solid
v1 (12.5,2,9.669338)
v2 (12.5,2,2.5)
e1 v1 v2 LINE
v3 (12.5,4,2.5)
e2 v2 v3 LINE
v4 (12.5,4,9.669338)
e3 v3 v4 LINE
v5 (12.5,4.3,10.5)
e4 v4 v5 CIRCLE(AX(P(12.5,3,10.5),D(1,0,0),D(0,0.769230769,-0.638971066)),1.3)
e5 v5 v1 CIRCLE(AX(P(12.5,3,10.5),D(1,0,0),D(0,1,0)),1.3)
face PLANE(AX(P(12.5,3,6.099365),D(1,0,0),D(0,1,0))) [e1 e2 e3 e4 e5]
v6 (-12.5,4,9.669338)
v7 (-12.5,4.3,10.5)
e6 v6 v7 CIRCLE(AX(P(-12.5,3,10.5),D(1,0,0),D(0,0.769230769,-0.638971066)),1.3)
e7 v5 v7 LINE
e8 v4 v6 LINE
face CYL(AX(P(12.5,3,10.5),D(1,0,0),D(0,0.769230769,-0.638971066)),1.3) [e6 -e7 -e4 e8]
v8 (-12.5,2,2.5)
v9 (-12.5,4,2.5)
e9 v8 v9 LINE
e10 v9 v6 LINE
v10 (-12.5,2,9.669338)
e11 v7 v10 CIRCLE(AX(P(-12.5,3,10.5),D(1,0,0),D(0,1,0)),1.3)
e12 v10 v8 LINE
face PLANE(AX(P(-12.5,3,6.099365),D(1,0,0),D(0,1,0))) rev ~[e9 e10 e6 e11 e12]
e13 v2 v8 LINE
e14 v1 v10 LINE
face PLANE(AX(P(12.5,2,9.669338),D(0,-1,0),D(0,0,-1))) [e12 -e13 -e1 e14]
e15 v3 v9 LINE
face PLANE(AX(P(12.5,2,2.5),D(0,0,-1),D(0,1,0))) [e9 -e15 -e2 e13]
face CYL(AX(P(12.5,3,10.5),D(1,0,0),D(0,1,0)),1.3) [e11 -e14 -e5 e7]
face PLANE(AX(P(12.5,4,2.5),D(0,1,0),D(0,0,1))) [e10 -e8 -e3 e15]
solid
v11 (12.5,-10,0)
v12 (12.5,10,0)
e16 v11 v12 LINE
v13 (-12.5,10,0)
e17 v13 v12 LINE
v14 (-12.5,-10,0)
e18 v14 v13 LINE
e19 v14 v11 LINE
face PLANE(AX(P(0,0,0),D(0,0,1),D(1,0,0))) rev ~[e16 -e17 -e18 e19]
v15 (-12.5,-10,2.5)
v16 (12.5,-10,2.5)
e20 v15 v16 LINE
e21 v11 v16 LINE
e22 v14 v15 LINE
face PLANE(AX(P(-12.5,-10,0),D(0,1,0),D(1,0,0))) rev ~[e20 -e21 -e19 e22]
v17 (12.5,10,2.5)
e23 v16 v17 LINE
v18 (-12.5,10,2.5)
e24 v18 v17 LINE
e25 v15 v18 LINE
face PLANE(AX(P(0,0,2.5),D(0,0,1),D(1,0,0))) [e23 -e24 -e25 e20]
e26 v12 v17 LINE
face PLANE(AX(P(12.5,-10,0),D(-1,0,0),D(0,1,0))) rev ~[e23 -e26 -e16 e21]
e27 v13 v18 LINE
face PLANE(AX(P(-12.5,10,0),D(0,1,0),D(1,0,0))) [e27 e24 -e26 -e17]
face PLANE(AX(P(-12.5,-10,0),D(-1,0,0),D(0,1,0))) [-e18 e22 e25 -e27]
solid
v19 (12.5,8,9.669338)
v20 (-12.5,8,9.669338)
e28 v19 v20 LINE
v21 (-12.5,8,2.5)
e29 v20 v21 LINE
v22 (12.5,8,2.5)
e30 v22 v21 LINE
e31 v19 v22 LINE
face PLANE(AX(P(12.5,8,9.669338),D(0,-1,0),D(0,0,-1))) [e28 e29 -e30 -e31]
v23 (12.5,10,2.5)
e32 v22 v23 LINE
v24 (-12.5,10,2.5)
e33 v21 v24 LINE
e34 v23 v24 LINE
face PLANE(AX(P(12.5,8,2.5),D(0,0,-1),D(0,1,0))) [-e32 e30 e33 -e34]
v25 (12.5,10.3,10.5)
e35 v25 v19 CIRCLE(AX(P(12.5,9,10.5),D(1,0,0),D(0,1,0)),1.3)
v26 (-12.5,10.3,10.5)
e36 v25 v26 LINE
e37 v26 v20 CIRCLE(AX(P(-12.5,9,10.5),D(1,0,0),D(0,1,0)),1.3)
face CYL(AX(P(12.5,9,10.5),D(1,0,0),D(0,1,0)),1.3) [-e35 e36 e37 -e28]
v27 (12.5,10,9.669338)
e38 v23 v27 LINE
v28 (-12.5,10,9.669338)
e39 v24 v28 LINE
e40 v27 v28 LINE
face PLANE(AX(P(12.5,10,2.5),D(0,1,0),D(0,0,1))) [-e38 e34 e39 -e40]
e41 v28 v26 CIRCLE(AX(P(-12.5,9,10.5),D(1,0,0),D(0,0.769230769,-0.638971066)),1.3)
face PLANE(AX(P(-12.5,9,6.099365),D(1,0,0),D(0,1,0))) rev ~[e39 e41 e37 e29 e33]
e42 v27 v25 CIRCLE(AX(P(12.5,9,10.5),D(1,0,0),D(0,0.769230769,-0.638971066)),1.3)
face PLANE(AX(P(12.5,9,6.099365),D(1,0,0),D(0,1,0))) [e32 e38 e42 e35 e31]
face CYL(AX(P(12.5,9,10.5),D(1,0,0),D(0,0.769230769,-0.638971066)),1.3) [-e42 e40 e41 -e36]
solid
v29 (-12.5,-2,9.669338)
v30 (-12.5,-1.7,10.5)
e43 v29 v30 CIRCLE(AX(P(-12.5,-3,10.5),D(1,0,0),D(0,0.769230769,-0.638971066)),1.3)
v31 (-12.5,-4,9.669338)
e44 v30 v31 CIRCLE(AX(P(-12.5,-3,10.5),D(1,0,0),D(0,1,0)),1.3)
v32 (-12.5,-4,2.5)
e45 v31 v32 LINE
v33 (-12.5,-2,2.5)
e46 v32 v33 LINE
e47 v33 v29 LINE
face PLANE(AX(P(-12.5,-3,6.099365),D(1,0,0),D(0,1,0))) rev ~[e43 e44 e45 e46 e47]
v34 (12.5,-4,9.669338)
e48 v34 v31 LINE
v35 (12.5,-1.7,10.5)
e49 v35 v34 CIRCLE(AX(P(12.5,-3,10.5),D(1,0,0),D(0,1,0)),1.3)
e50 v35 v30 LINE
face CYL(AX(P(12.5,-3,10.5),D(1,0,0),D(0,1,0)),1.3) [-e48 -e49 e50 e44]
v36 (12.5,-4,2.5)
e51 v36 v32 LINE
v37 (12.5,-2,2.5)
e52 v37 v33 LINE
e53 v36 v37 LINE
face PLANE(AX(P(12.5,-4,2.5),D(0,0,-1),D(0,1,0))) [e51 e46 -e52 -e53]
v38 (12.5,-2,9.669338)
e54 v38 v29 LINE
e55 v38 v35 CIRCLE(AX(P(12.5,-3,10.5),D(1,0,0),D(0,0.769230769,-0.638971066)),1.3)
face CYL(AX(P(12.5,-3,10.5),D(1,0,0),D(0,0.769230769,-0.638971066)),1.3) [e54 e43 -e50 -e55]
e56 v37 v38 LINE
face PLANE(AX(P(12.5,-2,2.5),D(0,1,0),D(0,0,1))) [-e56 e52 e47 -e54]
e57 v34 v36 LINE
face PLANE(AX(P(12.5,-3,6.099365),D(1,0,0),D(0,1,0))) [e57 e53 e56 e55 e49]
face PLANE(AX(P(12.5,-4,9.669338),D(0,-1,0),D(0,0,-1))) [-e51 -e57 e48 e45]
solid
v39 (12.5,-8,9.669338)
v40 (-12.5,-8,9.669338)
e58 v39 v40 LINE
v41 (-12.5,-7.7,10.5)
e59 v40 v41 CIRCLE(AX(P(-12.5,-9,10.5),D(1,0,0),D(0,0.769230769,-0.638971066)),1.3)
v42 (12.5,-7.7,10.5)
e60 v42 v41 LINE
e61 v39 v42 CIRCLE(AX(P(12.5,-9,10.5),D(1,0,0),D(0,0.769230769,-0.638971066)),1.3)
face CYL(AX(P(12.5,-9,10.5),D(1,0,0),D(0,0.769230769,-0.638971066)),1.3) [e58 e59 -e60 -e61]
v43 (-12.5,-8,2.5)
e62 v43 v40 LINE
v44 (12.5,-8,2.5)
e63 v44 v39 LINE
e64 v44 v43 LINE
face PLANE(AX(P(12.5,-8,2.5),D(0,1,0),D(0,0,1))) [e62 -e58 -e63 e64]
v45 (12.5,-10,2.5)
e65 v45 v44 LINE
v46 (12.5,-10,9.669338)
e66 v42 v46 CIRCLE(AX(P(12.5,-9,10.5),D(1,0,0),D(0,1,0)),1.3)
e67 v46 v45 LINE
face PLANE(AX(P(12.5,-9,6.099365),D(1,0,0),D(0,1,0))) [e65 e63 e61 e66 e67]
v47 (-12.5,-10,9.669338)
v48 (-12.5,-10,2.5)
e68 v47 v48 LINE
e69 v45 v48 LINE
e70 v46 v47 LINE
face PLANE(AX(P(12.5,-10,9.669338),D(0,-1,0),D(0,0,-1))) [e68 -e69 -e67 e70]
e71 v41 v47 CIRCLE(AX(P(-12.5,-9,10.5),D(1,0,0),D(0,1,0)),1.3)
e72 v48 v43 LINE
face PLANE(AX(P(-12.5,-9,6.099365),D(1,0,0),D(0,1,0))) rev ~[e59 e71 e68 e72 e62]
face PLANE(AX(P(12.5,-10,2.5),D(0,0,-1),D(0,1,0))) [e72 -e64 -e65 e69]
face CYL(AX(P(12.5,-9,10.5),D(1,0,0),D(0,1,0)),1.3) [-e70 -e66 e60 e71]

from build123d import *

# Parameters (mm, degrees)
F0_W     = 25
F0_H     = 20
F1_DEPTH = 2.5
F3_DEPTH = 25


with BuildPart() as f1:
    # F0 (on Top) → F1 (new body)
    with BuildSketch(Plane.XY):
        Rectangle(F0_W, F0_H)
    extrude(amount=F1_DEPTH)


with BuildPart() as f3:
    # F2 (on face) → F3 (new body)
    with BuildSketch(Plane.YZ.offset(12.5)):
        with BuildLine():
            Line((-10, 9.6693376137), (-10, 2.5))
            Line((-10, 2.5), (-8, 2.5))
            Line((-8, 2.5), (-8, 9.6693376137))
            ThreePointArc((-8, 9.6693376137), (-9, 9.2), (-10, 9.6693376137))
        make_face()
        with BuildLine():
            ThreePointArc((-7.7, 10.5), (-9.4415880433, 11.7227019261), (-10, 9.6693376137))
            Line((-10, 9.6693376137), (-10, 10.5))
            Line((-10, 10.5), (-8, 10.5))
            Line((-8, 10.5), (-8, 9.6693376137))
            ThreePointArc((-8, 9.6693376137), (-7.7772980739, 10.0584119567), (-7.7, 10.5))
        make_face()
        with BuildLine():
            Line((-10, 10.5), (-10, 9.6693376137))
            ThreePointArc((-10, 9.6693376137), (-9, 9.2), (-8, 9.6693376137))
            Line((-8, 9.6693376137), (-8, 10.5))
            Line((-8, 10.5), (-10, 10.5))
        make_face()
    extrude(amount=-F3_DEPTH)


with BuildPart() as f3b:
    # F2 (on face) → F3, piece 2 (new body)
    with BuildSketch(Plane.YZ.offset(12.5)):
        with BuildLine():
            Line((8, 2.5), (10, 2.5))
            Line((10, 2.5), (10, 9.6693376137))
            ThreePointArc((10, 9.6693376137), (9, 9.2), (8, 9.6693376137))
            Line((8, 9.6693376137), (8, 2.5))
        make_face()
        with BuildLine():
            ThreePointArc((8, 9.6693376137), (9, 9.2), (10, 9.6693376137))
            Line((10, 9.6693376137), (10, 10.5))
            Line((10, 10.5), (8, 10.5))
            Line((8, 10.5), (8, 9.6693376137))
        make_face()
        with BuildLine():
            Line((10, 10.5), (10, 9.6693376137))
            ThreePointArc((10, 9.6693376137), (10.2227019261, 10.0584119567), (10.3, 10.5))
            ThreePointArc((10.3, 10.5), (8.5584119567, 11.7227019261), (8, 9.6693376137))
            Line((8, 9.6693376137), (8, 10.5))
            Line((8, 10.5), (10, 10.5))
        make_face()
    extrude(amount=-F3_DEPTH)


with BuildPart() as f3c:
    # F2 (on face) → F3, piece 3 (new body)
    with BuildSketch(Plane.YZ.offset(12.5)):
        with BuildLine():
            Line((-4, 9.6693376137), (-4, 2.5))
            Line((-4, 2.5), (-2, 2.5))
            Line((-2, 2.5), (-2, 9.6693376137))
            ThreePointArc((-2, 9.6693376137), (-3, 9.2), (-4, 9.6693376137))
        make_face()
        with BuildLine():
            ThreePointArc((-1.7, 10.5), (-3.4415880433, 11.7227019261), (-4, 9.6693376137))
            Line((-4, 9.6693376137), (-4, 10.5))
            Line((-4, 10.5), (-2, 10.5))
            Line((-2, 10.5), (-2, 9.6693376137))
            ThreePointArc((-2, 9.6693376137), (-1.7772980739, 10.0584119567), (-1.7, 10.5))
        make_face()
        with BuildLine():
            Line((-4, 10.5), (-4, 9.6693376137))
            ThreePointArc((-4, 9.6693376137), (-3, 9.2), (-2, 9.6693376137))
            Line((-2, 9.6693376137), (-2, 10.5))
            Line((-2, 10.5), (-4, 10.5))
        make_face()
    extrude(amount=-F3_DEPTH)


with BuildPart() as f3d:
    # F2 (on face) → F3, piece 4 (new body)
    with BuildSketch(Plane.YZ.offset(12.5)):
        with BuildLine():
            Line((2, 9.6693376137), (2, 2.5))
            Line((2, 2.5), (4, 2.5))
            Line((4, 2.5), (4, 9.6693376137))
            ThreePointArc((4, 9.6693376137), (3, 9.2), (2, 9.6693376137))
        make_face()
        with BuildLine():
            ThreePointArc((4.3, 10.5), (2.5584119567, 11.7227019261), (2, 9.6693376137))
            Line((2, 9.6693376137), (2, 10.5))
            Line((2, 10.5), (4, 10.5))
            Line((4, 10.5), (4, 9.6693376137))
            ThreePointArc((4, 9.6693376137), (4.2227019261, 10.0584119567), (4.3, 10.5))
        make_face()
        with BuildLine():
            Line((2, 10.5), (2, 9.6693376137))
            ThreePointArc((2, 9.6693376137), (3, 9.2), (4, 9.6693376137))
            Line((4, 9.6693376137), (4, 10.5))
            Line((4, 10.5), (2, 10.5))
        make_face()
    extrude(amount=-F3_DEPTH)


solid = Compound([f1.part, f3.part, f3b.part, f3c.part, f3d.part])
